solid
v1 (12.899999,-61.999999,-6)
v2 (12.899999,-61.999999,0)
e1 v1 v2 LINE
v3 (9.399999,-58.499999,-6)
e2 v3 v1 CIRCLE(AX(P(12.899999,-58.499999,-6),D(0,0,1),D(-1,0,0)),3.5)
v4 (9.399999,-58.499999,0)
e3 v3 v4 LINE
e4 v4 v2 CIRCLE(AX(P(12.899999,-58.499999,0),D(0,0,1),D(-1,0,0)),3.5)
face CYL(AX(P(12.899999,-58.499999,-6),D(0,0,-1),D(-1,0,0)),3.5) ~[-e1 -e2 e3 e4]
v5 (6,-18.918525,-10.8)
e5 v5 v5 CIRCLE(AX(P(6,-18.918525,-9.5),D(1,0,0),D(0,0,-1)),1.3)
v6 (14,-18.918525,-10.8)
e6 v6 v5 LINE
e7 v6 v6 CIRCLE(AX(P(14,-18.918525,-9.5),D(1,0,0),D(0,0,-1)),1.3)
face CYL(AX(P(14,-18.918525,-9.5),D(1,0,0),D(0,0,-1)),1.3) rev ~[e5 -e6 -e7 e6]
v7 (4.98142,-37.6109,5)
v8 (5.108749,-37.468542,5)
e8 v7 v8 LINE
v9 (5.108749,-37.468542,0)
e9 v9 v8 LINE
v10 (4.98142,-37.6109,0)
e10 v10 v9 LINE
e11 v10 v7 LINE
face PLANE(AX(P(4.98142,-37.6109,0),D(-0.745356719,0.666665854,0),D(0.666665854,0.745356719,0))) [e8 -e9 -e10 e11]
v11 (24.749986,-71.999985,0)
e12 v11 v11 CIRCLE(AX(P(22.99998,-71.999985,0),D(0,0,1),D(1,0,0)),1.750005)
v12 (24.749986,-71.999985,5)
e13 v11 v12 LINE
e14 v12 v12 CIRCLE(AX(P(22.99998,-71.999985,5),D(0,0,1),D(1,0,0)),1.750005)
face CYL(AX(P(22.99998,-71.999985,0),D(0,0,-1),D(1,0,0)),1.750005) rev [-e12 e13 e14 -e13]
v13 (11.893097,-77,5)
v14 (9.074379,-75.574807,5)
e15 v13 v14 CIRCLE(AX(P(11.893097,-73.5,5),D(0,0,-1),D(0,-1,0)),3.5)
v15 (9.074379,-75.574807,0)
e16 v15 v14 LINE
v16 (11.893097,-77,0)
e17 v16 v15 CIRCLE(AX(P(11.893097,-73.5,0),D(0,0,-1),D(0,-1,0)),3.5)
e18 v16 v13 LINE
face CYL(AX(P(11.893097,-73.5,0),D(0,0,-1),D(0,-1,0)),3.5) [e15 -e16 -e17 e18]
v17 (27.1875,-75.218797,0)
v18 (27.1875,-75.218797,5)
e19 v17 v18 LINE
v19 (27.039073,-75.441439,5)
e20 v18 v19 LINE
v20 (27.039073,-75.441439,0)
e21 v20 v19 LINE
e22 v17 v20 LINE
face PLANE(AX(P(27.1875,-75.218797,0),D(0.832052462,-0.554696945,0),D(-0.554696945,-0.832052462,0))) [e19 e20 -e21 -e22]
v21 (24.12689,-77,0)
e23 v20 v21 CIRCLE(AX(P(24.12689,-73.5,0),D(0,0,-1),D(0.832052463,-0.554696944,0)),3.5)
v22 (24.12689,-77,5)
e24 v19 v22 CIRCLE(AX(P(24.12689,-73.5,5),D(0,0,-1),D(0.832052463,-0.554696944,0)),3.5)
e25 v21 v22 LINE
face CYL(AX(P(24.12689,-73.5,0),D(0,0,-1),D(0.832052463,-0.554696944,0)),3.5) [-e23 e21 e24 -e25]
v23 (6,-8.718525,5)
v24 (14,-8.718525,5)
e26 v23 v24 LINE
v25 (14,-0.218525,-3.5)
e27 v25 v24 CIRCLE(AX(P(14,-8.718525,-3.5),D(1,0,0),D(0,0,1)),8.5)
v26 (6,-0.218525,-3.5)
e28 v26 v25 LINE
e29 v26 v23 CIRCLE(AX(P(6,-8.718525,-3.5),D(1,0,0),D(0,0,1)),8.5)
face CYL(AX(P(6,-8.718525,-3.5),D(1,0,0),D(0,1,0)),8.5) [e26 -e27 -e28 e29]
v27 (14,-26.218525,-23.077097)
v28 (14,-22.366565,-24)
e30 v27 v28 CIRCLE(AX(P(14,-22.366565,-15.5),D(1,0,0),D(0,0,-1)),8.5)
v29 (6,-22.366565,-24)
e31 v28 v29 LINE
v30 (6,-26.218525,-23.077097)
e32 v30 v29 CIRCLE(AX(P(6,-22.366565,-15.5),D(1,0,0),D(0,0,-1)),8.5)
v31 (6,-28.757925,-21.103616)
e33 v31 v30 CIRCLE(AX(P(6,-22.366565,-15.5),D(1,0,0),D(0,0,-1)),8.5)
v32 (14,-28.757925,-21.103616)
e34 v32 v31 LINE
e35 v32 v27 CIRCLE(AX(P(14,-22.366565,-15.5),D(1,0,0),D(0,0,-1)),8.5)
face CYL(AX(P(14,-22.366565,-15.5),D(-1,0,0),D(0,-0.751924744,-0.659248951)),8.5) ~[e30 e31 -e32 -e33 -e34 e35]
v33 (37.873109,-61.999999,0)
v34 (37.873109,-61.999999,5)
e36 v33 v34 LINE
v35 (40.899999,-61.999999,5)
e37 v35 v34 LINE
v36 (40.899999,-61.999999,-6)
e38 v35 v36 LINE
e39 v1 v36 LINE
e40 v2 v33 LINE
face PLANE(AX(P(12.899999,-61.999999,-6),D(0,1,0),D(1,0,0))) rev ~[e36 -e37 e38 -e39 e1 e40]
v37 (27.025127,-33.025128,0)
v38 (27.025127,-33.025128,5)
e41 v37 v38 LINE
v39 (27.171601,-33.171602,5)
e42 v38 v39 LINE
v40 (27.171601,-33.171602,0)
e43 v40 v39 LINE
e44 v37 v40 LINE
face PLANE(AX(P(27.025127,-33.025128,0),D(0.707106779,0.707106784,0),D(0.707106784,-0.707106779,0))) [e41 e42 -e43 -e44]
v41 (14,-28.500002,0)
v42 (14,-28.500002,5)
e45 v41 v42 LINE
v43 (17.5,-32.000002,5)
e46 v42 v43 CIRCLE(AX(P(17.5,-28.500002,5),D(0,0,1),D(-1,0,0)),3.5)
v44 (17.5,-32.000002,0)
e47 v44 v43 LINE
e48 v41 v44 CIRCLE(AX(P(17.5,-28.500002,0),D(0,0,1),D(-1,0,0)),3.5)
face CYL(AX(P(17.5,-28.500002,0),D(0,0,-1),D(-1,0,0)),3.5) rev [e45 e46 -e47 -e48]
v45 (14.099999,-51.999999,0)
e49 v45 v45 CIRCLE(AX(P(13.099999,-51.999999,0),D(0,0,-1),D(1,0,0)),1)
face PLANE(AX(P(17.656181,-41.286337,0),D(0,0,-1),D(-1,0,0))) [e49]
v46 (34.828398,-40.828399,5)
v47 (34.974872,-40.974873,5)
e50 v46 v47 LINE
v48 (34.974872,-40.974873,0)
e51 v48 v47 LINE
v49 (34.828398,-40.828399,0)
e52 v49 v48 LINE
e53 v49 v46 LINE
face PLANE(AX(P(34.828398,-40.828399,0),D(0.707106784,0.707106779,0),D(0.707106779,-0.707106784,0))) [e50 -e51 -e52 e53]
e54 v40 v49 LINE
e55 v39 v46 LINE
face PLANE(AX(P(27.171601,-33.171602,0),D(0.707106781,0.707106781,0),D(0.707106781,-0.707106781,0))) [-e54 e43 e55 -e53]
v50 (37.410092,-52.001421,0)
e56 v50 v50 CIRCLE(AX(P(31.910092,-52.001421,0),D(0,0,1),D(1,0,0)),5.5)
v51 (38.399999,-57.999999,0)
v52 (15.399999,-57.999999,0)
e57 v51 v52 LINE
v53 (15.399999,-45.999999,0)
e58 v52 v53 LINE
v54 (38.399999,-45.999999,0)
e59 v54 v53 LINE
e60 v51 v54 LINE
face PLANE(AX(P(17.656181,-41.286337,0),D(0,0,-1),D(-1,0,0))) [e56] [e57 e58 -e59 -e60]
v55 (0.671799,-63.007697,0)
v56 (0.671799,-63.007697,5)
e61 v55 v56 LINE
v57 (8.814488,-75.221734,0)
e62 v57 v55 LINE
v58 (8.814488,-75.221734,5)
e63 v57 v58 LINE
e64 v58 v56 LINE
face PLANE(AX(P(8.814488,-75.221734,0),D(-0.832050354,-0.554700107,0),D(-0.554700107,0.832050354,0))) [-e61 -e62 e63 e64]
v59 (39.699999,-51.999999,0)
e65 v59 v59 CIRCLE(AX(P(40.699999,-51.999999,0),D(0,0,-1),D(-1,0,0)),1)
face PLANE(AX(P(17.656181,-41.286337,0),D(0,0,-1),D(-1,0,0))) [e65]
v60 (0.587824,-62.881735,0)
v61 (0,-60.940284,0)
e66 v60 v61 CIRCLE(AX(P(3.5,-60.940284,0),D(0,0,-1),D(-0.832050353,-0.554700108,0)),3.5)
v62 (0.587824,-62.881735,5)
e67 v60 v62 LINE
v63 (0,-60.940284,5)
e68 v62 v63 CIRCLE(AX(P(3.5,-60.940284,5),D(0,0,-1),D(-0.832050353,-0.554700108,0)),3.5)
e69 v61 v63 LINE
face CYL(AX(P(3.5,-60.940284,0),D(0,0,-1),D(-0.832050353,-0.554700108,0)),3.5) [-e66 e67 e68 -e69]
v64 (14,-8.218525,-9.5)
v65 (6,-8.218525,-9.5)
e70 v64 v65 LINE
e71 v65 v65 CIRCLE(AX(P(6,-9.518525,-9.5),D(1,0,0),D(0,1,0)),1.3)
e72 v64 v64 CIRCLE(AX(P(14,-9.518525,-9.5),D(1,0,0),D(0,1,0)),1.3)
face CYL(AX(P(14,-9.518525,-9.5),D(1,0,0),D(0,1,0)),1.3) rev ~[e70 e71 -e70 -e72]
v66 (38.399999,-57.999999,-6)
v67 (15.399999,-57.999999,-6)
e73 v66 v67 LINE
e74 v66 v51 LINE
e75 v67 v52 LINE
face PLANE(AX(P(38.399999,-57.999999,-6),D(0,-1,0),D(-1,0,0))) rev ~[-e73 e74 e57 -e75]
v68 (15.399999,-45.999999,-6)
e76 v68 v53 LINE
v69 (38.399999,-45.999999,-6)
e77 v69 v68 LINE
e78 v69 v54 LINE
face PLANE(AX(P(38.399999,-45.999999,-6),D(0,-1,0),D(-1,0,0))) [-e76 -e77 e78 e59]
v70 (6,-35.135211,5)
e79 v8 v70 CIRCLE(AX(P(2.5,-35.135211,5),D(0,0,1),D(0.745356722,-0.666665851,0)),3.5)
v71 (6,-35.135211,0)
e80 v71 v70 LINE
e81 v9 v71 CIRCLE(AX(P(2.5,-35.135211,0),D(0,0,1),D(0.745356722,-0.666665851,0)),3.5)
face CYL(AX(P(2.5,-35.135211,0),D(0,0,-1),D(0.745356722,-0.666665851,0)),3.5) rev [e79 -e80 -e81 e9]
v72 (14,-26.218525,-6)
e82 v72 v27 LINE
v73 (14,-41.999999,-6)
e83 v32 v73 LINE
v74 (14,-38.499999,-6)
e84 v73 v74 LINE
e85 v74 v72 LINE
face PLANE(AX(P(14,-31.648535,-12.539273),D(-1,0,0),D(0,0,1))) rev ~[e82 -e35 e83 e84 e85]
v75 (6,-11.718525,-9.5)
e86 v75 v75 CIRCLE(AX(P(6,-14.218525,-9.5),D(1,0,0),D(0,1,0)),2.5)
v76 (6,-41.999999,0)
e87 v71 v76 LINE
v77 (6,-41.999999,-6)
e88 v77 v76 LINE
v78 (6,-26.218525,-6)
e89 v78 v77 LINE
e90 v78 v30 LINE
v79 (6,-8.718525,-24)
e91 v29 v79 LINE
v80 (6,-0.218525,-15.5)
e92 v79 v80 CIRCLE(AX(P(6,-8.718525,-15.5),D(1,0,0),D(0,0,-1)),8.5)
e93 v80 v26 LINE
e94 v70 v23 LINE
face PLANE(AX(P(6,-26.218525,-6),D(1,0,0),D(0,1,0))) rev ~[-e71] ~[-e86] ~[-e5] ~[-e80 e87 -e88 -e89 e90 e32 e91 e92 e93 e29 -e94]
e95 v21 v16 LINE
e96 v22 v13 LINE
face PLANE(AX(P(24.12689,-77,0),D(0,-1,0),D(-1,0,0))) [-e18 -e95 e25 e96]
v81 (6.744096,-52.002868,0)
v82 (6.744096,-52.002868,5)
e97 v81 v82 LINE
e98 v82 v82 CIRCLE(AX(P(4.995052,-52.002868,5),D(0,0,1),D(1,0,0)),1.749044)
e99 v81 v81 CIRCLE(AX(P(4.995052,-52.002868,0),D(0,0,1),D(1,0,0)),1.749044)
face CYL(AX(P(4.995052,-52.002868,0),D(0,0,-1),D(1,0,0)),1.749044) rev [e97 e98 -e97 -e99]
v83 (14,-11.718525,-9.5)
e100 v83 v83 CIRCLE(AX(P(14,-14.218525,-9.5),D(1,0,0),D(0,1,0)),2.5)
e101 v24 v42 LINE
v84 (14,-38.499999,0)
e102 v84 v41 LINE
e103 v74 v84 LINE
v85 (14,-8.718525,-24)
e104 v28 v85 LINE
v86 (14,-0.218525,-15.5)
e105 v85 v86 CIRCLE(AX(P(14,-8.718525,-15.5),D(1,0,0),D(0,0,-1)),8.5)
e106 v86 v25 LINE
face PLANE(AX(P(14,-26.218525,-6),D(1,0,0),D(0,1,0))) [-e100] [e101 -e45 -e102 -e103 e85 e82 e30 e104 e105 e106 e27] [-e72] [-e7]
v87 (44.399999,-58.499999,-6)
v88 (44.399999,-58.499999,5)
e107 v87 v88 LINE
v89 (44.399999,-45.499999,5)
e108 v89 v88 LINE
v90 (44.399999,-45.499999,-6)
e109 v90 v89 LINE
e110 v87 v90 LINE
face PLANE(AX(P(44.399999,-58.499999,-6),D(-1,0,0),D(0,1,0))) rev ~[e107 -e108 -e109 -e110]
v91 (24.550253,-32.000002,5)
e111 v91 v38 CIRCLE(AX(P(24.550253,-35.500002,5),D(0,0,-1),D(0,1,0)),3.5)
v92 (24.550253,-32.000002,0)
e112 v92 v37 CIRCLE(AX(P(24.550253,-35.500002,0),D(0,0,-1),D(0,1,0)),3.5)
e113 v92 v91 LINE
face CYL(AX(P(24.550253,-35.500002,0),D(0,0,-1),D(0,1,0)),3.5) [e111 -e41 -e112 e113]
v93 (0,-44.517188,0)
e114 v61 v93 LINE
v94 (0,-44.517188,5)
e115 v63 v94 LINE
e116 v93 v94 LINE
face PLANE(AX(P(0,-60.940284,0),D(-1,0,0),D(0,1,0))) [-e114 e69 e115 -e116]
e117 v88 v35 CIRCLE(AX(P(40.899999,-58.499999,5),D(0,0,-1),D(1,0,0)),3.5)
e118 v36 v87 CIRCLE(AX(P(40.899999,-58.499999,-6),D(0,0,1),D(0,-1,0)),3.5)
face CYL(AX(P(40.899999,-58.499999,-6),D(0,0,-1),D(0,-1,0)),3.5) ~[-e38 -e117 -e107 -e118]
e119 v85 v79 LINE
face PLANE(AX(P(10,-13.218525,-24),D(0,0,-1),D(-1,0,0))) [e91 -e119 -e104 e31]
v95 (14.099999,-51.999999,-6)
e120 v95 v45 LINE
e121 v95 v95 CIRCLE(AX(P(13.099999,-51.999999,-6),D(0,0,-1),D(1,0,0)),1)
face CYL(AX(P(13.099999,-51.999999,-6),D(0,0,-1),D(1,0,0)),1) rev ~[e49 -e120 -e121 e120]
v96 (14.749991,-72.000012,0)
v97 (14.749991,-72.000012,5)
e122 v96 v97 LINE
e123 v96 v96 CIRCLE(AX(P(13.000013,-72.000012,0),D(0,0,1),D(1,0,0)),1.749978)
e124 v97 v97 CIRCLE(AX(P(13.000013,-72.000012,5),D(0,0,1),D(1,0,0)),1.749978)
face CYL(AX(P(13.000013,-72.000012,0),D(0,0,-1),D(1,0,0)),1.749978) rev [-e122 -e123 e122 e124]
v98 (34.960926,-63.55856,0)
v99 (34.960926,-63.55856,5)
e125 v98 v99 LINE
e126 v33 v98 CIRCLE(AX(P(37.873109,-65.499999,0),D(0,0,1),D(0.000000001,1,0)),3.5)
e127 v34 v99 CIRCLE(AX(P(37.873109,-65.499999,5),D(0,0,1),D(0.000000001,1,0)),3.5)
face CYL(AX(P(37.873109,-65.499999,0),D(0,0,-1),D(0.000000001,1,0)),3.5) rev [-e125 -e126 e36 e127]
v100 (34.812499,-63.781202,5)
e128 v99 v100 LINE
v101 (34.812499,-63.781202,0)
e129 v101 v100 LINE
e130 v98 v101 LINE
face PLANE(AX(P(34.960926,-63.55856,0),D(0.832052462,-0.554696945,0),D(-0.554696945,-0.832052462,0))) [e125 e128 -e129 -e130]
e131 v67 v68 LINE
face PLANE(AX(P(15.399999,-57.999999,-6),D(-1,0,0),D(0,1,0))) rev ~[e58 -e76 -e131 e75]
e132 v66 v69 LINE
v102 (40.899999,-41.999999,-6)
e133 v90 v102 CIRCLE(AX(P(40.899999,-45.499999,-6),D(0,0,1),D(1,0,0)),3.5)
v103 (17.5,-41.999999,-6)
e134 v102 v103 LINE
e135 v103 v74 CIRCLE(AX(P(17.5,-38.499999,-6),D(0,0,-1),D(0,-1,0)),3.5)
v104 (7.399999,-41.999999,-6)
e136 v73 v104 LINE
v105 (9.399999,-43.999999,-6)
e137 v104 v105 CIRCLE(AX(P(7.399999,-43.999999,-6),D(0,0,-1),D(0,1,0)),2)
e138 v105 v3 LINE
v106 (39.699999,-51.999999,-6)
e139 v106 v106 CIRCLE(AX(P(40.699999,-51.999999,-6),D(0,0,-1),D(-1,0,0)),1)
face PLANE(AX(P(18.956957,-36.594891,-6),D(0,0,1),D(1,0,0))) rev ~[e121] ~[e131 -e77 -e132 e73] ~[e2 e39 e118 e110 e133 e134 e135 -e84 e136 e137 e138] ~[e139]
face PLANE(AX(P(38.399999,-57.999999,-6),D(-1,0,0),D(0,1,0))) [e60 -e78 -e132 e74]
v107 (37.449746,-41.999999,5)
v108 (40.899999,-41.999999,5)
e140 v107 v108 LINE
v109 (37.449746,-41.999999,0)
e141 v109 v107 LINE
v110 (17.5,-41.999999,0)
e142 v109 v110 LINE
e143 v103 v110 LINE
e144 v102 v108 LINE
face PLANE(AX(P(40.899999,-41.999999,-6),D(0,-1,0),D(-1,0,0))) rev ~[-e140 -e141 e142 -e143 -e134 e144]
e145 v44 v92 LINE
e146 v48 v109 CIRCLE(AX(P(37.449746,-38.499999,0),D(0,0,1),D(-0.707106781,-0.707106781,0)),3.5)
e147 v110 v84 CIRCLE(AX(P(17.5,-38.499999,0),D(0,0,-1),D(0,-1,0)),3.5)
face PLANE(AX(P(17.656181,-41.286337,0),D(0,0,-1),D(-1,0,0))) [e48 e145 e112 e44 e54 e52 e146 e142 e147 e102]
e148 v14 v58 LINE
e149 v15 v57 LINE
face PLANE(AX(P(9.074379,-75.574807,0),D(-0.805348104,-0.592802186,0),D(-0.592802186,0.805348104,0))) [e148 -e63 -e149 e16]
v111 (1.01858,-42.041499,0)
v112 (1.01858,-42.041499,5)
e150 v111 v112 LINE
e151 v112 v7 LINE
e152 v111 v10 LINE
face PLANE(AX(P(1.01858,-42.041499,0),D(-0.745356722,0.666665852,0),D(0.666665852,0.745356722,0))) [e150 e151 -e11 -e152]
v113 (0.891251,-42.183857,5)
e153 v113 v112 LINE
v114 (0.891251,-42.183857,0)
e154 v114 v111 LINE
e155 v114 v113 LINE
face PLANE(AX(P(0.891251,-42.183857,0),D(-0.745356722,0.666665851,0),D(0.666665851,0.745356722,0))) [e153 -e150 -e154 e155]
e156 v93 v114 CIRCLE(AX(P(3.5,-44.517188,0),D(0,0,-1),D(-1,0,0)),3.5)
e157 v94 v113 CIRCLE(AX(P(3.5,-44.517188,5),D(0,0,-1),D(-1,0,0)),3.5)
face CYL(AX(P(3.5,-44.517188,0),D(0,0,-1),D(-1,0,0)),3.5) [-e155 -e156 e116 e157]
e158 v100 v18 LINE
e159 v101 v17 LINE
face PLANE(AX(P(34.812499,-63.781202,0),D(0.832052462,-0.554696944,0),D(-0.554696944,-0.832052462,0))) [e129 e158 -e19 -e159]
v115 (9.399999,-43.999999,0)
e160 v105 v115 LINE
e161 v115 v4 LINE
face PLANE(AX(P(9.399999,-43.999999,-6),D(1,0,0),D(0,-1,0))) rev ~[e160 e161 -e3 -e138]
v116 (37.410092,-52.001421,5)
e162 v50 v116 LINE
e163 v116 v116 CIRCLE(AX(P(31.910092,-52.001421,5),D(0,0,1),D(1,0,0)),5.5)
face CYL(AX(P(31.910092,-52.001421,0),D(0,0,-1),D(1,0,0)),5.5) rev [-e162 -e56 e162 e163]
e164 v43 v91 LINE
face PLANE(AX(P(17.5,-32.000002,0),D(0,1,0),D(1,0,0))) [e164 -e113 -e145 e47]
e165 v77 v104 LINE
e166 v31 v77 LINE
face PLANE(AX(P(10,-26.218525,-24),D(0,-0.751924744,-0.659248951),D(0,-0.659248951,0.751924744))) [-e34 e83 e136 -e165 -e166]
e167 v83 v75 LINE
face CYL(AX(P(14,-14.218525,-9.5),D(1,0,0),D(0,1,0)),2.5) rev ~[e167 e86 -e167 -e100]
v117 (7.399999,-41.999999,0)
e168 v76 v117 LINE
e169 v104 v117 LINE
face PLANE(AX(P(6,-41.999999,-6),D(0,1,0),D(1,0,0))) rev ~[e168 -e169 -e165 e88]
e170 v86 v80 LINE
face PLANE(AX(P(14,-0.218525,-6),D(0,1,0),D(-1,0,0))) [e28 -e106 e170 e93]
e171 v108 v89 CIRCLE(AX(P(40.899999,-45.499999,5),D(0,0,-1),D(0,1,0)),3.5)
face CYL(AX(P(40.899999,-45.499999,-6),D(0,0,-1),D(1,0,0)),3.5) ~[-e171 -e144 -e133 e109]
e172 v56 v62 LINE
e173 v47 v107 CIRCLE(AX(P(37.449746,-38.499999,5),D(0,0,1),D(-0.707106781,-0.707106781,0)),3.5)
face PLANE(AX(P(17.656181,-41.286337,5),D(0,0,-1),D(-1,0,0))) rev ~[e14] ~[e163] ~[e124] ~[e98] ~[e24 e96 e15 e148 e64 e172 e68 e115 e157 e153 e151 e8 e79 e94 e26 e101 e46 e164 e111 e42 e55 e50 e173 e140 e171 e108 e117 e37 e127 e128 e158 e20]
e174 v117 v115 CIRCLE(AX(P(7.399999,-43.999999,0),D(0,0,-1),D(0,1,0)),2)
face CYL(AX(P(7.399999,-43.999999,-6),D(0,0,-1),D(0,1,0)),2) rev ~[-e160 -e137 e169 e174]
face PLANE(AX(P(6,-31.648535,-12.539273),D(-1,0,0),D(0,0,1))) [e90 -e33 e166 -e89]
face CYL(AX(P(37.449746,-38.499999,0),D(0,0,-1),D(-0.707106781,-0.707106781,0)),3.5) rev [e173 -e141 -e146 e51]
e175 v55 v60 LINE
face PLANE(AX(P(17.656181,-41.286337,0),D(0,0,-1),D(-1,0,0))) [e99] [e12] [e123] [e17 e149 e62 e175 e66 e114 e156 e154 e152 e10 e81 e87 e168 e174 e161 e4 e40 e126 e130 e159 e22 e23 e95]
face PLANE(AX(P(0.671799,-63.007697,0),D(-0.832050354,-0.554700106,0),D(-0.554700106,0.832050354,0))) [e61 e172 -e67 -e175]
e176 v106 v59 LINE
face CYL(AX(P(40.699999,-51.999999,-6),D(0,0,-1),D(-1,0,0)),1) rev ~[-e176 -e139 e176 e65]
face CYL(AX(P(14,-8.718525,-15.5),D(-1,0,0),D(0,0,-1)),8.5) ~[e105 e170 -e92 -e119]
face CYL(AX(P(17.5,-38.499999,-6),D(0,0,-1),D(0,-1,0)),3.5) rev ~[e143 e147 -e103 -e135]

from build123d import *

# Parameters (mm, degrees)
SKETCH2_R           = 5.5
SKETCH2_R_2         = 1.750005389
SKETCH2_R_3         = 1.749978063
SKETCH2_R_4         = 1.749044057
BOSS_EXTRUDE1_DEPTH = 5
BOSS_EXTRUDE2_START = 6
SKETCH3_R           = 1
SKETCH3_W           = 23
SKETCH3_H           = 11.999999553
BOSS_EXTRUDE2_DEPTH = 6
SKETCH4_W           = 8.00000038
SKETCH4_H           = 26
BOSS_EXTRUDE3_DEPTH = 18
BOSS_EXTRUDE4_DEPTH = 4
FILLET1_R           = 8.5
SKETCH6_R           = 2.5
SKETCH6_R_2         = 1.3
CUT_EXTRUDE1_DEPTH  = 87.192574237


with BuildPart() as part:
    # Sketch2 → Boss-Extrude1 (new body)
    with BuildSketch(Plane.XY):
        with BuildLine():
            Line((6.000000052, -0.218525005), (14.000000432, -0.218525005))
            Line((14.000000432, -0.218525005), (14.000000432, -28.000000864))
            Line((14.000000432, -28.000000864), (14.000000432, -28.50000152))
            ThreePointArc((14.000000432, -28.50000152), (15.025126698, -30.974875254), (17.500000432, -32.00000152))
            Line((17.500000432, -32.00000152), (17.999999225, -32.00000152))
            Line((17.999999225, -32.00000152), (24.343099445, -32.00000152))
            Line((24.343099445, -32.00000152), (24.550253068, -32.00000152))
            ThreePointArc((24.550253068, -32.00000152), (25.889645081, -32.266423156), (27.025126802, -33.025127786))
            Line((27.025126802, -33.025127786), (27.17160061, -33.171601593))
            Line((27.17160061, -33.171601593), (34.828398377, -40.82839936))
            Line((34.828398377, -40.82839936), (34.974872184, -40.974873168))
            ThreePointArc((34.974872184, -40.974873168), (36.110353905, -41.733577798), (37.449745919, -41.999999434))
            Line((37.449745919, -41.999999434), (37.656899542, -41.999999434))
            Line((37.656899542, -41.999999434), (40.399998426, -41.999999434))
            Line((40.399998426, -41.999999434), (40.899999082, -41.999999434))
            ThreePointArc((40.899999082, -41.999999434), (43.374872816, -43.0251257), (44.399999082, -45.499999434))
            Line((44.399999082, -45.499999434), (44.399999082, -46.000000089))
            Line((44.399999082, -46.000000089), (44.399999082, -57.999998331))
            Line((44.399999082, -57.999998331), (44.399999082, -58.499998987))
            ThreePointArc((44.399999082, -58.499998987), (43.374872816, -60.974872721), (40.899999082, -61.999998987))
            Line((40.899999082, -61.999998987), (40.399998426, -61.999998987))
            Line((40.399998426, -61.999998987), (38.140699267, -61.999998987))
            Line((38.140699267, -61.999998987), (37.873109304, -61.999998987))
            ThreePointArc((37.873109304, -61.999998987), (36.221600534, -62.414141118), (34.960925686, -63.558559682))
            Line((34.960925686, -63.558559682), (34.812498838, -63.781201839))
            Line((34.812498838, -63.781201839), (27.187500149, -75.21879673))
            Line((27.187500149, -75.21879673), (27.039073301, -75.441438887))
            ThreePointArc((27.039073301, -75.441438887), (25.778398453, -76.585857451), (24.126889683, -76.999999583))
            Line((24.126889683, -76.999999583), (23.859299719, -76.999999583))
            Line((23.859299719, -76.999999583), (12.140699662, -76.999999583))
            Line((12.140699662, -76.999999583), (11.893097313, -76.999999583))
            ThreePointArc((11.893097313, -76.999999583), (10.313829571, -76.62344534), (9.074378953, -75.574807238))
            Line((9.074378953, -75.574807238), (8.814488373, -75.22173434))
            Line((8.814488373, -75.22173434), (0.671799004, -63.007697463))
            Line((0.671799004, -63.007697463), (0.587823763, -62.881734572))
            ThreePointArc((0.587823763, -62.881734572), (0.150177853, -61.954528538), (0, -60.940284196))
            Line((0, -60.940284196), (0, -60.78889966))
            Line((0, -60.78889966), (0, -44.708199799))
            Line((0, -44.708199799), (0, -44.517187636))
            ThreePointArc((0, -44.517187636), (0.230396061, -43.268312109), (0.891251475, -42.183857155))
            Line((0.891251475, -42.183857155), (1.018580049, -42.041499168))
            Line((1.018580049, -42.041499168), (4.981420003, -37.610899657))
            Line((4.981420003, -37.610899657), (5.108748578, -37.46854167))
            ThreePointArc((5.108748578, -37.46854167), (5.769603991, -36.384086716), (6.000000052, -35.135211189))
            Line((6.000000052, -35.135211189), (6.000000052, -34.944299609))
            Line((6.000000052, -34.944299609), (6.000000052, -0.218525005))
        make_face()
        with Locations((31.910091824, -52.001420952)):
            Circle(SKETCH2_R, mode=Mode.SUBTRACT)
        with Locations((22.999980116, -71.999985367)):
            Circle(SKETCH2_R_2, mode=Mode.SUBTRACT)
        with Locations((13.000012747, -72.0000118)):
            Circle(SKETCH2_R_3, mode=Mode.SUBTRACT)
        with Locations((4.995051671, -52.002868251)):
            Circle(SKETCH2_R_4, mode=Mode.SUBTRACT)
    extrude(amount=BOSS_EXTRUDE1_DEPTH)

    # Sketch3 → Boss-Extrude2 (add)
    with BuildSketch(Plane(origin=(0, 0, 0), x_dir=(-1, 0, 0), z_dir=(0, 0, -1)).offset(BOSS_EXTRUDE2_START)):
        with BuildLine():
            Line((-37.873109304, -61.999998987), (-40.899999082, -61.999998987))
            ThreePointArc((-40.899999082, -61.999998987), (-43.374872816, -60.974872721), (-44.399999082, -58.499998987))
            Line((-44.399999082, -58.499998987), (-44.399999082, -45.499999434))
            ThreePointArc((-44.399999082, -45.499999434), (-43.374872816, -43.0251257), (-40.899999082, -41.999999434))
            Line((-40.899999082, -41.999999434), (-37.449745919, -41.999999434))
            Line((-37.449745919, -41.999999434), (-17.500000432, -41.999999434))
            ThreePointArc((-17.500000432, -41.999999434), (-15.025126698, -40.974873168), (-14.000000432, -38.499999434))
            Line((-14.000000432, -38.499999434), (-14.000000432, -0.218525005))
            Line((-14.000000432, -0.218525005), (-6.000000052, -0.218525005))
            Line((-6.000000052, -0.218525005), (-6.000000052, -41.999999434))
            Line((-6.000000052, -41.999999434), (-7.399999082, -41.999999434))
            ThreePointArc((-7.399999082, -41.999999434), (-8.814212644, -42.585785871), (-9.399999082, -43.999999434))
            Line((-9.399999082, -43.999999434), (-9.399999082, -58.499998987))
            ThreePointArc((-9.399999082, -58.499998987), (-10.425125348, -60.974872721), (-12.899999082, -61.999998987))
            Line((-12.899999082, -61.999998987), (-37.873109304, -61.999998987))
        make_face()
        with Locations((-40.699999082, -51.99999921)):
            Circle(SKETCH3_R, mode=Mode.SUBTRACT)
        with Locations(Location((-13.099999082, -51.99999921, 0), (0, 0, 180))):
            Circle(SKETCH3_R, mode=Mode.SUBTRACT)
        with Locations((-26.899999082, -51.999999211)):
            Rectangle(SKETCH3_W, SKETCH3_H, mode=Mode.SUBTRACT)
    extrude(amount=-BOSS_EXTRUDE2_DEPTH)

    # Sketch4 → Boss-Extrude3 (add)
    with BuildSketch(Plane(origin=(0, 0, -6), x_dir=(-1, 0, 0), z_dir=(0, 0, -1))):
        with Locations((-10.000000242, -13.218525005)):
            Rectangle(SKETCH4_W, SKETCH4_H)
    extrude(amount=BOSS_EXTRUDE3_DEPTH)

    # Sketch5 → Boss-Extrude4 (add, symmetric)
    with BuildSketch(Plane.ZY.offset(-10.000000242)):
        Polygon((-24, -26.218525005), (-6, -41.999999434), (-6, -26.218525005), align=None)
    extrude(amount=BOSS_EXTRUDE4_DEPTH, both=True)

    # Fillet1
    fillet1_edges = [part.edges().sort_by_distance(p)[0] for p in [
        (10.000000242, -0.218525005, 5),
        (10.000000242, -26.218525005, -24),
        (10.000000242, -0.218525005, -24),
    ]]
    fillet(fillet1_edges, radius=FILLET1_R)

    # Sketch6 → Cut-Extrude1 (cut, through all)
    with BuildSketch(Plane(origin=(14.000000432, 0, 0), x_dir=(0, 0, -1), z_dir=(1, 0, 0))):
        with Locations(Location((9.49999962, -14.218525005, 0), (0, 0, 90))):
            Circle(SKETCH6_R)
        with Locations(Location((9.5, -9.518525005, 0), (0, 0, 90))):
            Circle(SKETCH6_R_2)
        with Locations((9.5, -18.918525005)):
            Circle(SKETCH6_R_2)
    extrude(amount=-CUT_EXTRUDE1_DEPTH, mode=Mode.SUBTRACT)


solid = part.part
